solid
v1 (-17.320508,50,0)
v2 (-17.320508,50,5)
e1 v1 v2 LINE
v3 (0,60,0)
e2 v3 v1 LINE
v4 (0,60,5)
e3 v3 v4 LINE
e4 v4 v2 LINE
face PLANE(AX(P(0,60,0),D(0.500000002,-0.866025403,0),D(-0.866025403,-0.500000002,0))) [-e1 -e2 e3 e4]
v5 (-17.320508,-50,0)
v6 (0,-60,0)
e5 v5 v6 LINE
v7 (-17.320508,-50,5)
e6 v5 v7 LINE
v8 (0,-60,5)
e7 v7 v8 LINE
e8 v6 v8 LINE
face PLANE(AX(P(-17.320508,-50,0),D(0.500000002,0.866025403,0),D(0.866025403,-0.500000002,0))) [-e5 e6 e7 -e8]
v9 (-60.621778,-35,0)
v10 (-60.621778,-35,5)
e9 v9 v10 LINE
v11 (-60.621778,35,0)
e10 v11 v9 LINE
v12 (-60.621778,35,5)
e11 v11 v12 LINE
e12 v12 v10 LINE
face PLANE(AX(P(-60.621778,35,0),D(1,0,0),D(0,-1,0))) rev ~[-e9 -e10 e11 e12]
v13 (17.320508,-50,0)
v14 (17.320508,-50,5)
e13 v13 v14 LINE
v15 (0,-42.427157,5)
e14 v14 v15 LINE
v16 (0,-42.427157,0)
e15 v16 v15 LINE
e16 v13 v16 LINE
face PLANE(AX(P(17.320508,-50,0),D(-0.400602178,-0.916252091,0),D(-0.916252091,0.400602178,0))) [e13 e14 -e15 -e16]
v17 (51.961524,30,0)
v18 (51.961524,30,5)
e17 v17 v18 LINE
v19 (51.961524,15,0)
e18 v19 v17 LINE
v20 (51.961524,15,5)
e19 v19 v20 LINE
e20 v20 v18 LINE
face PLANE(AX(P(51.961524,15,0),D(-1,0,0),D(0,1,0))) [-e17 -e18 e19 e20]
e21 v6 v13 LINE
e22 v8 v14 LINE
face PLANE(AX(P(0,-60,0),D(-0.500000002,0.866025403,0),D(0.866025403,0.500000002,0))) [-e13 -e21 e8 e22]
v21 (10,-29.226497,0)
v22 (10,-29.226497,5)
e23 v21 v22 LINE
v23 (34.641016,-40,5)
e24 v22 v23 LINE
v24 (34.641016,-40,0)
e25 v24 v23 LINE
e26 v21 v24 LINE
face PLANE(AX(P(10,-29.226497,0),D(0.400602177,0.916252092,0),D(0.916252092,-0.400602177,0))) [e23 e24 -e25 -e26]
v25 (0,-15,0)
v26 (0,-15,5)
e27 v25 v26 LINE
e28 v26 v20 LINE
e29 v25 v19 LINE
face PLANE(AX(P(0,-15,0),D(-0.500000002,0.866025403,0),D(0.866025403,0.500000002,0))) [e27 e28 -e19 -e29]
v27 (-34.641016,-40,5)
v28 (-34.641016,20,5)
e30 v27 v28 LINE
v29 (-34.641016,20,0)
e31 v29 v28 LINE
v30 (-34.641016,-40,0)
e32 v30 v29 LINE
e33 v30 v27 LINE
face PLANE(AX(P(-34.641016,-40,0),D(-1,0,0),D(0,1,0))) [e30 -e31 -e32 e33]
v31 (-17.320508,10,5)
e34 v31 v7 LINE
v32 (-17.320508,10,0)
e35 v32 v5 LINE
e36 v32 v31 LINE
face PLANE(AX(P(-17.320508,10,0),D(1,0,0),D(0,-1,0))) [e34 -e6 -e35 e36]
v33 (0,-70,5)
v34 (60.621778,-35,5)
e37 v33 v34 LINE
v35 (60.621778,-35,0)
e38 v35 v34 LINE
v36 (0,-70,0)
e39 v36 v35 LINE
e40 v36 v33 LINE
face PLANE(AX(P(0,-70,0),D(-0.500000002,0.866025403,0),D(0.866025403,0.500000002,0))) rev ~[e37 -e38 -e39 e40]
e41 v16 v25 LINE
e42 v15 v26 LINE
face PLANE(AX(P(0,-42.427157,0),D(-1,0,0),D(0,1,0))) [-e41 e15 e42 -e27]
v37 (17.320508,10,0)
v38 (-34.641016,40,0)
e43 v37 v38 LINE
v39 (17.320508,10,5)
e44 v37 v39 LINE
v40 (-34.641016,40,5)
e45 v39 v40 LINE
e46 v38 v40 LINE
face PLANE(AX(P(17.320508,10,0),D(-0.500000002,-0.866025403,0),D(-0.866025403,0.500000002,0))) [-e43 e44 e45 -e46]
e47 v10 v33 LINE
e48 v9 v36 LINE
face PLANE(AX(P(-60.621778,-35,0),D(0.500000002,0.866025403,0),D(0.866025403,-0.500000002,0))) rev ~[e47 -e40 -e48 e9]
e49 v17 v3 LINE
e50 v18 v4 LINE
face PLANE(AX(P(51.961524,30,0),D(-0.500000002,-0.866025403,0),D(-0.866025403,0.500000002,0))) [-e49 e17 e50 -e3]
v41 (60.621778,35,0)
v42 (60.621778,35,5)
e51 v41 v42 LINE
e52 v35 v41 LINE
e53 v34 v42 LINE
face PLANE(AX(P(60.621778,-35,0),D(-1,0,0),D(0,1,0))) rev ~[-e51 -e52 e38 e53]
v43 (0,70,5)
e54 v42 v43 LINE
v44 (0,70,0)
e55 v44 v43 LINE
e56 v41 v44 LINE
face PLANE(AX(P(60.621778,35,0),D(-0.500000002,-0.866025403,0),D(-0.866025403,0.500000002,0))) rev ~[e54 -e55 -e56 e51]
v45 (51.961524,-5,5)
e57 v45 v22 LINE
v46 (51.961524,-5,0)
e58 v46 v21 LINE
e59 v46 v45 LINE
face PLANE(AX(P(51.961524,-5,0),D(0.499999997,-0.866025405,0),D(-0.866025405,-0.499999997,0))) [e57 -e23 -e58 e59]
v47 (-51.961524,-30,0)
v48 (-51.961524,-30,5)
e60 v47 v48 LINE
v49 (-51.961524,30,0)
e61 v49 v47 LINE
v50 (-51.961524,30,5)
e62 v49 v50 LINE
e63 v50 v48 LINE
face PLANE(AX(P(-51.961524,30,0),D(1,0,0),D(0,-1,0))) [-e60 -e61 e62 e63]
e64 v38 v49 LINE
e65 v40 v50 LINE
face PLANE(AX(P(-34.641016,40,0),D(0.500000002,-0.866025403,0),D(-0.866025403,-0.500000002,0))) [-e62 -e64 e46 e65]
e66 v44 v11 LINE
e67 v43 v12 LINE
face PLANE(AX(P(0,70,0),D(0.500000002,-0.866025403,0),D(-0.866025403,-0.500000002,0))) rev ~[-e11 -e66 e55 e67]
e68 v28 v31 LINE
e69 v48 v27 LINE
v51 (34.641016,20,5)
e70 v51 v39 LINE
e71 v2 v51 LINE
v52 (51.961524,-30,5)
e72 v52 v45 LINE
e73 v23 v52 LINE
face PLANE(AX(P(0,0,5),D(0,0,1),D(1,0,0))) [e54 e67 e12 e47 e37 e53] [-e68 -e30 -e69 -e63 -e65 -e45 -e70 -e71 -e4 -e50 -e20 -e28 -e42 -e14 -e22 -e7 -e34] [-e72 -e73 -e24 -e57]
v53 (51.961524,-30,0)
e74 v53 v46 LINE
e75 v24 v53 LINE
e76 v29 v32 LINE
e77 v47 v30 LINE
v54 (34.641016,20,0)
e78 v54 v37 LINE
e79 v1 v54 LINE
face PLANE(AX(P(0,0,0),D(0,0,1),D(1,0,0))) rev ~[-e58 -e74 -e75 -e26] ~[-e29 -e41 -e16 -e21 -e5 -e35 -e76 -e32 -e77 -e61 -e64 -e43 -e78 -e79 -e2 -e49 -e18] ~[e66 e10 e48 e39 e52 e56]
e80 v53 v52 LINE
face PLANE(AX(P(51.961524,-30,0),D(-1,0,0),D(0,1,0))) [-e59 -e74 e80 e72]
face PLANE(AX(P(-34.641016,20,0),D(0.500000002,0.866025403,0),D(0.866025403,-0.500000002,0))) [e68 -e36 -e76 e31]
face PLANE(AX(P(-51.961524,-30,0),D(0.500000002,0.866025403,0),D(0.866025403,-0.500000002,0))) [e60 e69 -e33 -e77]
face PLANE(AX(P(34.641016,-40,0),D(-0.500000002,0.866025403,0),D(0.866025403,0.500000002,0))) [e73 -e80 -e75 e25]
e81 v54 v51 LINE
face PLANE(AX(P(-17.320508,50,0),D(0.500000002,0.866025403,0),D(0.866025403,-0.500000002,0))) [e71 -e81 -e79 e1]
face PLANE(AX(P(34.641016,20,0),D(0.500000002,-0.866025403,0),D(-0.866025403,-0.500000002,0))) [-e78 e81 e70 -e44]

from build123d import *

# Parameters (mm, degrees)
PAD_DEPTH = 5


with BuildPart() as part:
    # Sketch → Pad (new body)
    with BuildSketch(Plane.XY):
        Polygon((60.621778, 35), (0, 70), (-60.621778, 35), (-60.621778, -35), (0, -70), (60.621778, -35), align=None)
        Polygon((-17.320508, 50), (34.641016, 20), (17.320508, 10), (-34.641016, 40), (-51.961524, 30), (-51.961524, -30), (-34.641016, -40), (-34.641016, 20), (-17.320508, 10), (-17.320508, -50), (0, -60), (17.320508, -50), (0, -42.427157), (0, -15), (51.961524, 15), (51.961524, 30), (0, 60), align=None, mode=Mode.SUBTRACT)
        Polygon((51.961524, -5), (10, -29.226497), (34.641016, -40), (51.961524, -30), align=None, mode=Mode.SUBTRACT)
    extrude(amount=PAD_DEPTH)


solid = part.part
